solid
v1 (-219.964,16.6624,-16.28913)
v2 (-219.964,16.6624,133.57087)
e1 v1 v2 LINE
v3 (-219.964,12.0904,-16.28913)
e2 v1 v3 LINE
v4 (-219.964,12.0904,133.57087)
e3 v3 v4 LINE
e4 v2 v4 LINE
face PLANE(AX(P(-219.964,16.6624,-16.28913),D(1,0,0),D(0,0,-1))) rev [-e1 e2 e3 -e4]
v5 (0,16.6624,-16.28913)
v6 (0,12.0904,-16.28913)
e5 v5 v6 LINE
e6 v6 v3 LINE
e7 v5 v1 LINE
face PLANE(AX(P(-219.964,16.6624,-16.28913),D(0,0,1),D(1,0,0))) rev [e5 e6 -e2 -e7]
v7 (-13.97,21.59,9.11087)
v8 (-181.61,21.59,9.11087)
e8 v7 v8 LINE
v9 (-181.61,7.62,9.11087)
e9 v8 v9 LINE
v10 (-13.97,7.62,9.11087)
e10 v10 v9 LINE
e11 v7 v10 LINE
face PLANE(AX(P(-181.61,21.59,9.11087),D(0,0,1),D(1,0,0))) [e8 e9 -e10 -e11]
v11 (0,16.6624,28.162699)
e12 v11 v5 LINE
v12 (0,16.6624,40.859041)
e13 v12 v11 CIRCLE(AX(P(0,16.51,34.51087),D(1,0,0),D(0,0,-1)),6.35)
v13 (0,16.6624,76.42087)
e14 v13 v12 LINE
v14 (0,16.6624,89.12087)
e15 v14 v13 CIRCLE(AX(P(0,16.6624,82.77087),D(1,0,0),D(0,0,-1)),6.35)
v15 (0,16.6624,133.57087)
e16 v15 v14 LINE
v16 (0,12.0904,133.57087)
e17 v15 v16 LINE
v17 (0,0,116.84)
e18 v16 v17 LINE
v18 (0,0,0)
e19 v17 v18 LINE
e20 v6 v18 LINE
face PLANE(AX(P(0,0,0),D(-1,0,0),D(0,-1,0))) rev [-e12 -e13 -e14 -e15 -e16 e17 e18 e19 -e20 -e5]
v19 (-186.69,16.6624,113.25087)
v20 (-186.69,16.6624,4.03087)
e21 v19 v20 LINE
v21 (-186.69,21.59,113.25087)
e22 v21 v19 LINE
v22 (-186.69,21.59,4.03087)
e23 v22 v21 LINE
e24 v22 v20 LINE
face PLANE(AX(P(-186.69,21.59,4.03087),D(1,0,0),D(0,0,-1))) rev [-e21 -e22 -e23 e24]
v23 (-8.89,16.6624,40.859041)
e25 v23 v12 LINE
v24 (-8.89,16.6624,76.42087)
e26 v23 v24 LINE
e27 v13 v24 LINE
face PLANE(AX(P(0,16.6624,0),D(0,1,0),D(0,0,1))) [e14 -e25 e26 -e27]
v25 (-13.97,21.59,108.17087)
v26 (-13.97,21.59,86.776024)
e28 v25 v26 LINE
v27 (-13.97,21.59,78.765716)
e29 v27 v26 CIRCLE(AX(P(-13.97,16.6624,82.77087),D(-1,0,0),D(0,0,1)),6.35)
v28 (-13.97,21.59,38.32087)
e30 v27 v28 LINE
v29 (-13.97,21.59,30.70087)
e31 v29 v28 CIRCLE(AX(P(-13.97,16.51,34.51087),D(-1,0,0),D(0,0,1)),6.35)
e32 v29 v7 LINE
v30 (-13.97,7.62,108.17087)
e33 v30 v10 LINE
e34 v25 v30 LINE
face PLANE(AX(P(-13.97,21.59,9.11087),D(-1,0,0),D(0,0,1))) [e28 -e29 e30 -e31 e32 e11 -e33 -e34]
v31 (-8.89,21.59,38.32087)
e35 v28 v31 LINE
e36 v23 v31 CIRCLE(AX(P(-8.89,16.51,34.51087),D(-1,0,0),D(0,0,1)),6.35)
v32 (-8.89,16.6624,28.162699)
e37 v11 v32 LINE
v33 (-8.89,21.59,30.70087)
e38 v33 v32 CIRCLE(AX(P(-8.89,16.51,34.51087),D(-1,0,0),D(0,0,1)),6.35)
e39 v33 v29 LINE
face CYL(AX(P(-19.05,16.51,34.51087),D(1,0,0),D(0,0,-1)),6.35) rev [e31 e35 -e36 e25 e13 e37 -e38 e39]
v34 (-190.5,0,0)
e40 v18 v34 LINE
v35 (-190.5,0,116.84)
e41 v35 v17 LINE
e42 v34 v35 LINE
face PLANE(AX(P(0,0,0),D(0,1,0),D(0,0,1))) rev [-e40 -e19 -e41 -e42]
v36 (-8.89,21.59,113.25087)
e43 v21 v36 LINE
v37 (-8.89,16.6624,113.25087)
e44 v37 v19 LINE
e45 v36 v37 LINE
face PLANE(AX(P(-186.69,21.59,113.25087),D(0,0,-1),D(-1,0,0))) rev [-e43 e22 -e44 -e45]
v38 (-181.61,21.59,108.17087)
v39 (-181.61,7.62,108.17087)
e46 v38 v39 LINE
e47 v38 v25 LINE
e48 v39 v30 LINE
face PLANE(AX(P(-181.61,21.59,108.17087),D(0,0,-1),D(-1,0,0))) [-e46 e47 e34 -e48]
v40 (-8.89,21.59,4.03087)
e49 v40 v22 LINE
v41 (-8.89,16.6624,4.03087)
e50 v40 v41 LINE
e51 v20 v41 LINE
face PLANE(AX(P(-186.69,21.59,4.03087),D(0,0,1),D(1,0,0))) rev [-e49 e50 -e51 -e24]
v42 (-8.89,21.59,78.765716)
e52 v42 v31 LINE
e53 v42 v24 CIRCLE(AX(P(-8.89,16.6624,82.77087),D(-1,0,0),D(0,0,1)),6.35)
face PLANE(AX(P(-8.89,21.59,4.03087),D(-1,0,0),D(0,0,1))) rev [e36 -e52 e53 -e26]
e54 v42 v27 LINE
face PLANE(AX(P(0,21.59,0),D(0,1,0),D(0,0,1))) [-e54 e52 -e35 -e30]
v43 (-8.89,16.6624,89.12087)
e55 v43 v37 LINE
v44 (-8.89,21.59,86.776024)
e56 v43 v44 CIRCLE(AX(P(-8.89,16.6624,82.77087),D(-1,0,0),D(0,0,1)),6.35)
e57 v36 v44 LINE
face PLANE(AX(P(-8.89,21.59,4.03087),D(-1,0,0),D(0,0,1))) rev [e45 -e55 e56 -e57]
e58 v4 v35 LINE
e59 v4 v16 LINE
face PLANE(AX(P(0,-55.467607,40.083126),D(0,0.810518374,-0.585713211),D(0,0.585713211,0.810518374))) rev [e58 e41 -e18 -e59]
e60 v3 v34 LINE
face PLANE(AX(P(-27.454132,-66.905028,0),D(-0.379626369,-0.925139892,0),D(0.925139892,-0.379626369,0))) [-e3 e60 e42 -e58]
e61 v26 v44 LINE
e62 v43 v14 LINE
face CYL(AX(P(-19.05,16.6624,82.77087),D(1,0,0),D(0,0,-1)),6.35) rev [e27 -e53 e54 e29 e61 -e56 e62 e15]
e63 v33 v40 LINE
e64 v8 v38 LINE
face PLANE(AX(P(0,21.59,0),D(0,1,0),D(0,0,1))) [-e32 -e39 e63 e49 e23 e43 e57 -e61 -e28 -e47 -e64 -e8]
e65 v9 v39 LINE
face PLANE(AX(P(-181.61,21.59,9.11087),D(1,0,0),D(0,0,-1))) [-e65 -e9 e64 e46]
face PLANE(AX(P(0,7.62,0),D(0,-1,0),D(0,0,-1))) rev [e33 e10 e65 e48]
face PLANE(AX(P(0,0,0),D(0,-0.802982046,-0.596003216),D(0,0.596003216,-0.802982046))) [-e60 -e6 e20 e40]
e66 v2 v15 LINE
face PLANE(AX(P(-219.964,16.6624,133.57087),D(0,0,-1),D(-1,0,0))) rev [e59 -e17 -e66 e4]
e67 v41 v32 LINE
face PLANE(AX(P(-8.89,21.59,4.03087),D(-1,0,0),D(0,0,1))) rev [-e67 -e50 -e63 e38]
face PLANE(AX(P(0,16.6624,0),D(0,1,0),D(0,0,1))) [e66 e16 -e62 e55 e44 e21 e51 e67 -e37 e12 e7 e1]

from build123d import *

# Parameters (mm, degrees)
SKETCH2_2_W         = 219.964
SKETCH2_2_H         = 149.86
BOSS_EXTRUDE2_DEPTH = 4.572
SKETCH3_W           = 177.8
SKETCH3_H           = 109.22
BOSS_EXTRUDE3_DEPTH = 5.08
SKETCH4_W           = 167.64
SKETCH4_H           = 99.06
CUT_EXTRUDE1_DEPTH  = 258.8719036
SKETCH4_2_W         = 167.64
SKETCH4_2_H         = 99.06
CUT_EXTRUDE2_DEPTH  = 8.89
SKETCH5_R           = 6.35
CUT_EXTRUDE3_DEPTH  = 19.05


with BuildPart() as part:
    # Sketch2 → Loft1 section 0
    with BuildSketch(Plane(origin=(0, 12.0904, 0), x_dir=(1, 0, 0), z_dir=(0, 1, 0))):
        with BuildLine():
            Line((-219.964, 16.289130435), (0, 16.289130435))
            Line((0, 16.289130435), (0, -133.570869565))
            Line((0, -133.570869565), (-219.964, -133.570869565))
            Line((-219.964, -133.570869565), (-219.964, 16.289130435))
        make_face()
    # Sketch1 → Loft1 section 1
    with BuildSketch(Plane(origin=(0, 0, 0), x_dir=(1, 0, 0), z_dir=(0, 1, 0))):
        with BuildLine():
            Line((-190.5, 0), (0, 0))
            Line((0, 0), (0, -116.84))
            Line((0, -116.84), (-190.5, -116.84))
            Line((-190.5, -116.84), (-190.5, 0))
        make_face()
    loft()

    # Sketch2<2> → Boss-Extrude2 (add)
    with BuildSketch(Plane(origin=(0, 12.0904, 0), x_dir=(1, 0, 0), z_dir=(0, 1, 0))):
        with Locations((-109.982, -58.640869565)):
            Rectangle(SKETCH2_2_W, SKETCH2_2_H)
    extrude(amount=BOSS_EXTRUDE2_DEPTH)

    # Sketch3 → Boss-Extrude3 (add)
    with BuildSketch(Plane(origin=(0, 16.51, 0), x_dir=(1, 0, 0), z_dir=(0, 1, 0))):
        with Locations((-97.79, -58.640869565)):
            Rectangle(SKETCH3_W, SKETCH3_H)
    extrude(amount=BOSS_EXTRUDE3_DEPTH)

    # Sketch4 → Cut-Extrude1 (cut, through all)
    with BuildSketch(Plane(origin=(0, 16.51, 0), x_dir=(1, 0, 0), z_dir=(0, 1, 0))):
        with Locations((-97.79, -58.640869565)):
            Rectangle(SKETCH4_W, SKETCH4_H)
    extrude(amount=CUT_EXTRUDE1_DEPTH, mode=Mode.SUBTRACT)

    # Sketch4<2> → Cut-Extrude2 (cut)
    with BuildSketch(Plane(origin=(0, 16.51, 0), x_dir=(1, 0, 0), z_dir=(0, 1, 0))):
        with Locations((-97.79, -58.640869565)):
            Rectangle(SKETCH4_2_W, SKETCH4_2_H)
    extrude(amount=-CUT_EXTRUDE2_DEPTH, mode=Mode.SUBTRACT)

    # Sketch5 → Cut-Extrude3 (cut)
    with BuildSketch(Plane(origin=(0, 0, 0), x_dir=(0, 0, -1), z_dir=(1, 0, 0))):
        with Locations((-82.770869565, 16.6624)):
            Circle(SKETCH5_R)
        with Locations((-34.510869565, 16.51)):
            Circle(SKETCH5_R)
    extrude(amount=-CUT_EXTRUDE3_DEPTH, mode=Mode.SUBTRACT)


solid = part.part
